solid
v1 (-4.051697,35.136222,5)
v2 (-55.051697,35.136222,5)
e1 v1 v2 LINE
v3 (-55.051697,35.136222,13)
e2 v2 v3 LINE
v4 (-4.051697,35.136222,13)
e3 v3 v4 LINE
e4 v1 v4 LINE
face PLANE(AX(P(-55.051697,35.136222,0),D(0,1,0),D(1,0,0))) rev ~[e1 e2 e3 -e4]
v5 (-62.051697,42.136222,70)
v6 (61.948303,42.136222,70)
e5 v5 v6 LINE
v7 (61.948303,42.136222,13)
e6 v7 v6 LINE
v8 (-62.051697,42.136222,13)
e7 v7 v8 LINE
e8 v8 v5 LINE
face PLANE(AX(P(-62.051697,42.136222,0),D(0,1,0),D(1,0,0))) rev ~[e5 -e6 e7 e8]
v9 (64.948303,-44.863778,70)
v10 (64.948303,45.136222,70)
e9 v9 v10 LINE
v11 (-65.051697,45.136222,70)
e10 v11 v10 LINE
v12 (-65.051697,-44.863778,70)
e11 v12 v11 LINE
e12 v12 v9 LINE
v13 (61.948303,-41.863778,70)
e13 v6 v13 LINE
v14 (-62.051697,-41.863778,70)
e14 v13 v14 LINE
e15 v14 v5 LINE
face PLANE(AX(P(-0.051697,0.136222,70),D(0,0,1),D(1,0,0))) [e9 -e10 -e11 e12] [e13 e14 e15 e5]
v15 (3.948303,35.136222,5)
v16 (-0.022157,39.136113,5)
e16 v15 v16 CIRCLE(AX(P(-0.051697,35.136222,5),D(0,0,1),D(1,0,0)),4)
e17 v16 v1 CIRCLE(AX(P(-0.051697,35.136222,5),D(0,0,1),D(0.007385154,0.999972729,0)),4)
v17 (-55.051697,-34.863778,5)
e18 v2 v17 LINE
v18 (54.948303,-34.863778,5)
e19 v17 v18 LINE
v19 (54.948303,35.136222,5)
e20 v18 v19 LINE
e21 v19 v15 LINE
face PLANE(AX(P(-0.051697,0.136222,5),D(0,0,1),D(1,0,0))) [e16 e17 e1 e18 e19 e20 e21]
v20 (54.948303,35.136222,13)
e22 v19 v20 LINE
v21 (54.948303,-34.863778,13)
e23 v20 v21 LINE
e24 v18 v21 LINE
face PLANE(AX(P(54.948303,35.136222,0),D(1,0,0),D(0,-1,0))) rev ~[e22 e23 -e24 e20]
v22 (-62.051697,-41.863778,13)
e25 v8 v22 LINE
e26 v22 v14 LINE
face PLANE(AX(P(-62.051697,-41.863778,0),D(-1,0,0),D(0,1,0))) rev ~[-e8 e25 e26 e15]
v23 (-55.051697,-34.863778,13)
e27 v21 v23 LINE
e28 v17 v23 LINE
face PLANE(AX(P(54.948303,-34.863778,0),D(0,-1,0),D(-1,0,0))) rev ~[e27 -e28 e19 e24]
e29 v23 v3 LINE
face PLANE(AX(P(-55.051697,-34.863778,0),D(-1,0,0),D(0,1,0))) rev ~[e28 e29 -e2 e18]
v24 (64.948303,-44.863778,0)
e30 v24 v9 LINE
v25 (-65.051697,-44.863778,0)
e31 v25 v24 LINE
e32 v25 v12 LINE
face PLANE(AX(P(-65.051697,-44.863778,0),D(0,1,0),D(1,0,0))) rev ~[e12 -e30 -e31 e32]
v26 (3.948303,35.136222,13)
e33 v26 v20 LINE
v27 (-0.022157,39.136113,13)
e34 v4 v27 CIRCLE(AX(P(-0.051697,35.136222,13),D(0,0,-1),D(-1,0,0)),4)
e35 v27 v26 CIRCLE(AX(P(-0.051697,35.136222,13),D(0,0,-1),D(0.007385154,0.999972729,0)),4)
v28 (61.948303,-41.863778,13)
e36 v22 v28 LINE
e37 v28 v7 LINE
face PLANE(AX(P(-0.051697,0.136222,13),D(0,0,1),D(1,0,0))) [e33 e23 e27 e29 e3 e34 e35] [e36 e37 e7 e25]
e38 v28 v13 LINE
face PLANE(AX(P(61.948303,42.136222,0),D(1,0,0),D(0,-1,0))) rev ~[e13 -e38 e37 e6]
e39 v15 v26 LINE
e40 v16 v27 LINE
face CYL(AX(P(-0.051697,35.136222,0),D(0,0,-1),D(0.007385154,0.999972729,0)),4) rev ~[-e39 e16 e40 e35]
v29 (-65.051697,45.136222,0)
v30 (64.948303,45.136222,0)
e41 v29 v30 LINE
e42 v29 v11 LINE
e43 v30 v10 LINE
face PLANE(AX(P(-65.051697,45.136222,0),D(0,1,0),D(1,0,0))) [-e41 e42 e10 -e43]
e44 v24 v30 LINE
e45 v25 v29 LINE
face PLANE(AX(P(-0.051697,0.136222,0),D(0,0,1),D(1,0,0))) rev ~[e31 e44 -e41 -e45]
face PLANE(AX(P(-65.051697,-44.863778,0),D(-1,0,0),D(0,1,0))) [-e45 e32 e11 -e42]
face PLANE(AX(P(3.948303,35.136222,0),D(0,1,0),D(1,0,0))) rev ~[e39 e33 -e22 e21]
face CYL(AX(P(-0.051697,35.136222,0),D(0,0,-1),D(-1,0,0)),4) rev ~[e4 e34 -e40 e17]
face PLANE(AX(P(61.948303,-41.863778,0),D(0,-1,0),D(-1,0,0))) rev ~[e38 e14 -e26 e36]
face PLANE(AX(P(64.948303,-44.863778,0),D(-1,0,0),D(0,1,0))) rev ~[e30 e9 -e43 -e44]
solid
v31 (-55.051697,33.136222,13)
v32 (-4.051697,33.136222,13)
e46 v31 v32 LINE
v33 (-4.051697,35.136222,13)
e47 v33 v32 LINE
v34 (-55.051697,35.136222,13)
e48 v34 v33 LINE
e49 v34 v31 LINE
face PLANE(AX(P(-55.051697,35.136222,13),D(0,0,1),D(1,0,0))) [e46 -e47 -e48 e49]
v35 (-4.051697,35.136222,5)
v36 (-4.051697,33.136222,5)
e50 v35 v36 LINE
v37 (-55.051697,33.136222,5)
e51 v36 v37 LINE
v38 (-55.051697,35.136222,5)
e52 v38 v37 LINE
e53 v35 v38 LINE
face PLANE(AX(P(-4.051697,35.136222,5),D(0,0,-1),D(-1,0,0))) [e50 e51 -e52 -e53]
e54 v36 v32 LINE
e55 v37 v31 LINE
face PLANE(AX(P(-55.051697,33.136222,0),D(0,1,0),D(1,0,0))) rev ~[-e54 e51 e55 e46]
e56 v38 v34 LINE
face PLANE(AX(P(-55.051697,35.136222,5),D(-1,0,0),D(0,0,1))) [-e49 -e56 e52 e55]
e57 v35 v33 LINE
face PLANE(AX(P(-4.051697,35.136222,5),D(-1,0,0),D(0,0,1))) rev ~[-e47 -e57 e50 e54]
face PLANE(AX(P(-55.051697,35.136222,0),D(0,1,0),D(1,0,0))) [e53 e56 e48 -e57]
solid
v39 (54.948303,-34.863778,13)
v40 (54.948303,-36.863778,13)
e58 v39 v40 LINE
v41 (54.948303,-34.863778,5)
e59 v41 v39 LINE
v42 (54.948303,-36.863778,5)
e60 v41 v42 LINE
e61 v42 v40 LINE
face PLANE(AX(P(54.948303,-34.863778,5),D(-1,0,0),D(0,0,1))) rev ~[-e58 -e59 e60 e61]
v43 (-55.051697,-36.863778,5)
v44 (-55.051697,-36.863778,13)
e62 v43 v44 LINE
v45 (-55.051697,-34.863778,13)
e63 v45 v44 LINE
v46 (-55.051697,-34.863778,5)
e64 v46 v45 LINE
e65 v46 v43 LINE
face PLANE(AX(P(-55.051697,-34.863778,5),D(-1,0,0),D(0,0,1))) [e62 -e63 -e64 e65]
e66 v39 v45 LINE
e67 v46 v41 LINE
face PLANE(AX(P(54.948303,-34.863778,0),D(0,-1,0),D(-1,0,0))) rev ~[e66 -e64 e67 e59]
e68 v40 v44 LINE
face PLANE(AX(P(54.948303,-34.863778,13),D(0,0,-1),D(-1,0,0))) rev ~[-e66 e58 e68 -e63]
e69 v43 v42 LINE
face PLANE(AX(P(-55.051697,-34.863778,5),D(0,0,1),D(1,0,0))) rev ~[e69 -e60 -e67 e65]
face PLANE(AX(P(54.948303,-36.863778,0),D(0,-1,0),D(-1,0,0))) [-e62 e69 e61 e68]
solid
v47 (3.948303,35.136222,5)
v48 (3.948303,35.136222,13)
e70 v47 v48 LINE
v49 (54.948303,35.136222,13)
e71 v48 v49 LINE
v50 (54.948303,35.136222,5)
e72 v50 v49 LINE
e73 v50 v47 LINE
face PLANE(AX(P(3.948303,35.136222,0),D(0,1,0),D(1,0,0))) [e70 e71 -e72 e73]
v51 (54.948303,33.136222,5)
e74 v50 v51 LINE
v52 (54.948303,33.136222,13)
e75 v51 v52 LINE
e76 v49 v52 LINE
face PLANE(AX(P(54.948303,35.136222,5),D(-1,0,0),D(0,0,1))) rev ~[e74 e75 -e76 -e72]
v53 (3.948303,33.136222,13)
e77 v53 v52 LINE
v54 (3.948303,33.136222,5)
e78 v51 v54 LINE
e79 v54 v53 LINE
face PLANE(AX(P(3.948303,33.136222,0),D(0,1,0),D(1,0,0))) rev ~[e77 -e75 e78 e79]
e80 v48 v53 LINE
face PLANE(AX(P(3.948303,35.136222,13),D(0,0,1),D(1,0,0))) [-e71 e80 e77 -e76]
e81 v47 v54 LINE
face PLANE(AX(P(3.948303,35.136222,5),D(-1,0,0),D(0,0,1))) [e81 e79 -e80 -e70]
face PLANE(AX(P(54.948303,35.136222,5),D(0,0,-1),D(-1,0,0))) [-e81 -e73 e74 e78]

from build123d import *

# Parameters (mm, degrees)
F0_W     = 130
F0_H     = 90
F1_DEPTH = 70
F2_DEPTH = 13
F3_DEPTH = 5
F4_DEPTH = 2


with BuildPart() as f1:
    # F0 (on Top) → F1 (new body)
    with BuildSketch(Plane.XY):
        with Locations((-0.0516974905, 0.1362216124)):
            Rectangle(F0_W, F0_H)
        Polygon((-62.0516974905, 42.1362216124), (0, 42.1362216124), (61.9483025095, 42.1362216124), (61.9483025095, -41.8637783876), (-62.0516974905, -41.8637783876), align=None, mode=Mode.SUBTRACT)
    extrude(amount=F1_DEPTH)

    # F0 (on Top) → F2 (join)
    with BuildSketch(Plane.XY):
        Polygon((61.9483025095, 42.1362216124), (0, 42.1362216124), (-62.0516974905, 42.1362216124), (-62.0516974905, -41.8637783876), (61.9483025095, -41.8637783876), align=None)
        with BuildLine():
            Line((54.9483025095, 35.1362216124), (54.9483025095, -34.8637783876))
            Line((54.9483025095, -34.8637783876), (-55.0516974905, -34.8637783876))
            Line((-55.0516974905, -34.8637783876), (-55.0516974905, 35.1362216124))
            Line((-55.0516974905, 35.1362216124), (-4.0516974905, 35.1362216124))
            ThreePointArc((-4.0516974905, 35.1362216124), (-2.8696610752, 37.9750737105), (-0.022156873, 39.1361125299))
            ThreePointArc((-0.022156873, 39.1361125299), (2.7871546076, 37.9541851971), (3.9483025095, 35.1362216124))
            Line((3.9483025095, 35.1362216124), (54.9483025095, 35.1362216124))
        make_face(mode=Mode.SUBTRACT)
    extrude(amount=F2_DEPTH)

    # F0 (on Top) → F3 (join)
    with BuildSketch(Plane.XY):
        Polygon((-55.0516974905, -34.8637783876), (54.9483025095, -34.8637783876), (54.9483025095, 35.1362216124), (3.9483025095, 35.1362216124), (-0.0516974905, 35.1362216124), (-4.0516974905, 35.1362216124), (-55.0516974905, 35.1362216124), align=None)
        with BuildLine():
            ThreePointArc((-0.022156873, 39.1361125299), (-2.8696610752, 37.9750737105), (-4.0516974905, 35.1362216124))
            Line((-4.0516974905, 35.1362216124), (-0.0516974905, 35.1362216124))
            Line((-0.0516974905, 35.1362216124), (-0.022156873, 39.1361125299))
        make_face()
        with BuildLine():
            Line((-0.0516974905, 35.1362216124), (3.9483025095, 35.1362216124))
            ThreePointArc((3.9483025095, 35.1362216124), (2.7871546076, 37.9541851971), (-0.022156873, 39.1361125299))
            Line((-0.022156873, 39.1361125299), (-0.0516974905, 35.1362216124))
        make_face()
    extrude(amount=F3_DEPTH)


with BuildPart() as f4:
    # F4 (new): faces of the model
    f4_faces = [f1.part.faces().sort_by_distance(p)[0] for p in [
        (-29.5516974905, 35.1362216124, 9),
        (-0.0516974905, -34.8637783876, 9),
        (29.4483025095, 35.1362216124, 9),
    ]]
    extrude(f4_faces, amount=F4_DEPTH, dir=(0, -1, 0))


solid = Compound([f1.part, f4.part])
